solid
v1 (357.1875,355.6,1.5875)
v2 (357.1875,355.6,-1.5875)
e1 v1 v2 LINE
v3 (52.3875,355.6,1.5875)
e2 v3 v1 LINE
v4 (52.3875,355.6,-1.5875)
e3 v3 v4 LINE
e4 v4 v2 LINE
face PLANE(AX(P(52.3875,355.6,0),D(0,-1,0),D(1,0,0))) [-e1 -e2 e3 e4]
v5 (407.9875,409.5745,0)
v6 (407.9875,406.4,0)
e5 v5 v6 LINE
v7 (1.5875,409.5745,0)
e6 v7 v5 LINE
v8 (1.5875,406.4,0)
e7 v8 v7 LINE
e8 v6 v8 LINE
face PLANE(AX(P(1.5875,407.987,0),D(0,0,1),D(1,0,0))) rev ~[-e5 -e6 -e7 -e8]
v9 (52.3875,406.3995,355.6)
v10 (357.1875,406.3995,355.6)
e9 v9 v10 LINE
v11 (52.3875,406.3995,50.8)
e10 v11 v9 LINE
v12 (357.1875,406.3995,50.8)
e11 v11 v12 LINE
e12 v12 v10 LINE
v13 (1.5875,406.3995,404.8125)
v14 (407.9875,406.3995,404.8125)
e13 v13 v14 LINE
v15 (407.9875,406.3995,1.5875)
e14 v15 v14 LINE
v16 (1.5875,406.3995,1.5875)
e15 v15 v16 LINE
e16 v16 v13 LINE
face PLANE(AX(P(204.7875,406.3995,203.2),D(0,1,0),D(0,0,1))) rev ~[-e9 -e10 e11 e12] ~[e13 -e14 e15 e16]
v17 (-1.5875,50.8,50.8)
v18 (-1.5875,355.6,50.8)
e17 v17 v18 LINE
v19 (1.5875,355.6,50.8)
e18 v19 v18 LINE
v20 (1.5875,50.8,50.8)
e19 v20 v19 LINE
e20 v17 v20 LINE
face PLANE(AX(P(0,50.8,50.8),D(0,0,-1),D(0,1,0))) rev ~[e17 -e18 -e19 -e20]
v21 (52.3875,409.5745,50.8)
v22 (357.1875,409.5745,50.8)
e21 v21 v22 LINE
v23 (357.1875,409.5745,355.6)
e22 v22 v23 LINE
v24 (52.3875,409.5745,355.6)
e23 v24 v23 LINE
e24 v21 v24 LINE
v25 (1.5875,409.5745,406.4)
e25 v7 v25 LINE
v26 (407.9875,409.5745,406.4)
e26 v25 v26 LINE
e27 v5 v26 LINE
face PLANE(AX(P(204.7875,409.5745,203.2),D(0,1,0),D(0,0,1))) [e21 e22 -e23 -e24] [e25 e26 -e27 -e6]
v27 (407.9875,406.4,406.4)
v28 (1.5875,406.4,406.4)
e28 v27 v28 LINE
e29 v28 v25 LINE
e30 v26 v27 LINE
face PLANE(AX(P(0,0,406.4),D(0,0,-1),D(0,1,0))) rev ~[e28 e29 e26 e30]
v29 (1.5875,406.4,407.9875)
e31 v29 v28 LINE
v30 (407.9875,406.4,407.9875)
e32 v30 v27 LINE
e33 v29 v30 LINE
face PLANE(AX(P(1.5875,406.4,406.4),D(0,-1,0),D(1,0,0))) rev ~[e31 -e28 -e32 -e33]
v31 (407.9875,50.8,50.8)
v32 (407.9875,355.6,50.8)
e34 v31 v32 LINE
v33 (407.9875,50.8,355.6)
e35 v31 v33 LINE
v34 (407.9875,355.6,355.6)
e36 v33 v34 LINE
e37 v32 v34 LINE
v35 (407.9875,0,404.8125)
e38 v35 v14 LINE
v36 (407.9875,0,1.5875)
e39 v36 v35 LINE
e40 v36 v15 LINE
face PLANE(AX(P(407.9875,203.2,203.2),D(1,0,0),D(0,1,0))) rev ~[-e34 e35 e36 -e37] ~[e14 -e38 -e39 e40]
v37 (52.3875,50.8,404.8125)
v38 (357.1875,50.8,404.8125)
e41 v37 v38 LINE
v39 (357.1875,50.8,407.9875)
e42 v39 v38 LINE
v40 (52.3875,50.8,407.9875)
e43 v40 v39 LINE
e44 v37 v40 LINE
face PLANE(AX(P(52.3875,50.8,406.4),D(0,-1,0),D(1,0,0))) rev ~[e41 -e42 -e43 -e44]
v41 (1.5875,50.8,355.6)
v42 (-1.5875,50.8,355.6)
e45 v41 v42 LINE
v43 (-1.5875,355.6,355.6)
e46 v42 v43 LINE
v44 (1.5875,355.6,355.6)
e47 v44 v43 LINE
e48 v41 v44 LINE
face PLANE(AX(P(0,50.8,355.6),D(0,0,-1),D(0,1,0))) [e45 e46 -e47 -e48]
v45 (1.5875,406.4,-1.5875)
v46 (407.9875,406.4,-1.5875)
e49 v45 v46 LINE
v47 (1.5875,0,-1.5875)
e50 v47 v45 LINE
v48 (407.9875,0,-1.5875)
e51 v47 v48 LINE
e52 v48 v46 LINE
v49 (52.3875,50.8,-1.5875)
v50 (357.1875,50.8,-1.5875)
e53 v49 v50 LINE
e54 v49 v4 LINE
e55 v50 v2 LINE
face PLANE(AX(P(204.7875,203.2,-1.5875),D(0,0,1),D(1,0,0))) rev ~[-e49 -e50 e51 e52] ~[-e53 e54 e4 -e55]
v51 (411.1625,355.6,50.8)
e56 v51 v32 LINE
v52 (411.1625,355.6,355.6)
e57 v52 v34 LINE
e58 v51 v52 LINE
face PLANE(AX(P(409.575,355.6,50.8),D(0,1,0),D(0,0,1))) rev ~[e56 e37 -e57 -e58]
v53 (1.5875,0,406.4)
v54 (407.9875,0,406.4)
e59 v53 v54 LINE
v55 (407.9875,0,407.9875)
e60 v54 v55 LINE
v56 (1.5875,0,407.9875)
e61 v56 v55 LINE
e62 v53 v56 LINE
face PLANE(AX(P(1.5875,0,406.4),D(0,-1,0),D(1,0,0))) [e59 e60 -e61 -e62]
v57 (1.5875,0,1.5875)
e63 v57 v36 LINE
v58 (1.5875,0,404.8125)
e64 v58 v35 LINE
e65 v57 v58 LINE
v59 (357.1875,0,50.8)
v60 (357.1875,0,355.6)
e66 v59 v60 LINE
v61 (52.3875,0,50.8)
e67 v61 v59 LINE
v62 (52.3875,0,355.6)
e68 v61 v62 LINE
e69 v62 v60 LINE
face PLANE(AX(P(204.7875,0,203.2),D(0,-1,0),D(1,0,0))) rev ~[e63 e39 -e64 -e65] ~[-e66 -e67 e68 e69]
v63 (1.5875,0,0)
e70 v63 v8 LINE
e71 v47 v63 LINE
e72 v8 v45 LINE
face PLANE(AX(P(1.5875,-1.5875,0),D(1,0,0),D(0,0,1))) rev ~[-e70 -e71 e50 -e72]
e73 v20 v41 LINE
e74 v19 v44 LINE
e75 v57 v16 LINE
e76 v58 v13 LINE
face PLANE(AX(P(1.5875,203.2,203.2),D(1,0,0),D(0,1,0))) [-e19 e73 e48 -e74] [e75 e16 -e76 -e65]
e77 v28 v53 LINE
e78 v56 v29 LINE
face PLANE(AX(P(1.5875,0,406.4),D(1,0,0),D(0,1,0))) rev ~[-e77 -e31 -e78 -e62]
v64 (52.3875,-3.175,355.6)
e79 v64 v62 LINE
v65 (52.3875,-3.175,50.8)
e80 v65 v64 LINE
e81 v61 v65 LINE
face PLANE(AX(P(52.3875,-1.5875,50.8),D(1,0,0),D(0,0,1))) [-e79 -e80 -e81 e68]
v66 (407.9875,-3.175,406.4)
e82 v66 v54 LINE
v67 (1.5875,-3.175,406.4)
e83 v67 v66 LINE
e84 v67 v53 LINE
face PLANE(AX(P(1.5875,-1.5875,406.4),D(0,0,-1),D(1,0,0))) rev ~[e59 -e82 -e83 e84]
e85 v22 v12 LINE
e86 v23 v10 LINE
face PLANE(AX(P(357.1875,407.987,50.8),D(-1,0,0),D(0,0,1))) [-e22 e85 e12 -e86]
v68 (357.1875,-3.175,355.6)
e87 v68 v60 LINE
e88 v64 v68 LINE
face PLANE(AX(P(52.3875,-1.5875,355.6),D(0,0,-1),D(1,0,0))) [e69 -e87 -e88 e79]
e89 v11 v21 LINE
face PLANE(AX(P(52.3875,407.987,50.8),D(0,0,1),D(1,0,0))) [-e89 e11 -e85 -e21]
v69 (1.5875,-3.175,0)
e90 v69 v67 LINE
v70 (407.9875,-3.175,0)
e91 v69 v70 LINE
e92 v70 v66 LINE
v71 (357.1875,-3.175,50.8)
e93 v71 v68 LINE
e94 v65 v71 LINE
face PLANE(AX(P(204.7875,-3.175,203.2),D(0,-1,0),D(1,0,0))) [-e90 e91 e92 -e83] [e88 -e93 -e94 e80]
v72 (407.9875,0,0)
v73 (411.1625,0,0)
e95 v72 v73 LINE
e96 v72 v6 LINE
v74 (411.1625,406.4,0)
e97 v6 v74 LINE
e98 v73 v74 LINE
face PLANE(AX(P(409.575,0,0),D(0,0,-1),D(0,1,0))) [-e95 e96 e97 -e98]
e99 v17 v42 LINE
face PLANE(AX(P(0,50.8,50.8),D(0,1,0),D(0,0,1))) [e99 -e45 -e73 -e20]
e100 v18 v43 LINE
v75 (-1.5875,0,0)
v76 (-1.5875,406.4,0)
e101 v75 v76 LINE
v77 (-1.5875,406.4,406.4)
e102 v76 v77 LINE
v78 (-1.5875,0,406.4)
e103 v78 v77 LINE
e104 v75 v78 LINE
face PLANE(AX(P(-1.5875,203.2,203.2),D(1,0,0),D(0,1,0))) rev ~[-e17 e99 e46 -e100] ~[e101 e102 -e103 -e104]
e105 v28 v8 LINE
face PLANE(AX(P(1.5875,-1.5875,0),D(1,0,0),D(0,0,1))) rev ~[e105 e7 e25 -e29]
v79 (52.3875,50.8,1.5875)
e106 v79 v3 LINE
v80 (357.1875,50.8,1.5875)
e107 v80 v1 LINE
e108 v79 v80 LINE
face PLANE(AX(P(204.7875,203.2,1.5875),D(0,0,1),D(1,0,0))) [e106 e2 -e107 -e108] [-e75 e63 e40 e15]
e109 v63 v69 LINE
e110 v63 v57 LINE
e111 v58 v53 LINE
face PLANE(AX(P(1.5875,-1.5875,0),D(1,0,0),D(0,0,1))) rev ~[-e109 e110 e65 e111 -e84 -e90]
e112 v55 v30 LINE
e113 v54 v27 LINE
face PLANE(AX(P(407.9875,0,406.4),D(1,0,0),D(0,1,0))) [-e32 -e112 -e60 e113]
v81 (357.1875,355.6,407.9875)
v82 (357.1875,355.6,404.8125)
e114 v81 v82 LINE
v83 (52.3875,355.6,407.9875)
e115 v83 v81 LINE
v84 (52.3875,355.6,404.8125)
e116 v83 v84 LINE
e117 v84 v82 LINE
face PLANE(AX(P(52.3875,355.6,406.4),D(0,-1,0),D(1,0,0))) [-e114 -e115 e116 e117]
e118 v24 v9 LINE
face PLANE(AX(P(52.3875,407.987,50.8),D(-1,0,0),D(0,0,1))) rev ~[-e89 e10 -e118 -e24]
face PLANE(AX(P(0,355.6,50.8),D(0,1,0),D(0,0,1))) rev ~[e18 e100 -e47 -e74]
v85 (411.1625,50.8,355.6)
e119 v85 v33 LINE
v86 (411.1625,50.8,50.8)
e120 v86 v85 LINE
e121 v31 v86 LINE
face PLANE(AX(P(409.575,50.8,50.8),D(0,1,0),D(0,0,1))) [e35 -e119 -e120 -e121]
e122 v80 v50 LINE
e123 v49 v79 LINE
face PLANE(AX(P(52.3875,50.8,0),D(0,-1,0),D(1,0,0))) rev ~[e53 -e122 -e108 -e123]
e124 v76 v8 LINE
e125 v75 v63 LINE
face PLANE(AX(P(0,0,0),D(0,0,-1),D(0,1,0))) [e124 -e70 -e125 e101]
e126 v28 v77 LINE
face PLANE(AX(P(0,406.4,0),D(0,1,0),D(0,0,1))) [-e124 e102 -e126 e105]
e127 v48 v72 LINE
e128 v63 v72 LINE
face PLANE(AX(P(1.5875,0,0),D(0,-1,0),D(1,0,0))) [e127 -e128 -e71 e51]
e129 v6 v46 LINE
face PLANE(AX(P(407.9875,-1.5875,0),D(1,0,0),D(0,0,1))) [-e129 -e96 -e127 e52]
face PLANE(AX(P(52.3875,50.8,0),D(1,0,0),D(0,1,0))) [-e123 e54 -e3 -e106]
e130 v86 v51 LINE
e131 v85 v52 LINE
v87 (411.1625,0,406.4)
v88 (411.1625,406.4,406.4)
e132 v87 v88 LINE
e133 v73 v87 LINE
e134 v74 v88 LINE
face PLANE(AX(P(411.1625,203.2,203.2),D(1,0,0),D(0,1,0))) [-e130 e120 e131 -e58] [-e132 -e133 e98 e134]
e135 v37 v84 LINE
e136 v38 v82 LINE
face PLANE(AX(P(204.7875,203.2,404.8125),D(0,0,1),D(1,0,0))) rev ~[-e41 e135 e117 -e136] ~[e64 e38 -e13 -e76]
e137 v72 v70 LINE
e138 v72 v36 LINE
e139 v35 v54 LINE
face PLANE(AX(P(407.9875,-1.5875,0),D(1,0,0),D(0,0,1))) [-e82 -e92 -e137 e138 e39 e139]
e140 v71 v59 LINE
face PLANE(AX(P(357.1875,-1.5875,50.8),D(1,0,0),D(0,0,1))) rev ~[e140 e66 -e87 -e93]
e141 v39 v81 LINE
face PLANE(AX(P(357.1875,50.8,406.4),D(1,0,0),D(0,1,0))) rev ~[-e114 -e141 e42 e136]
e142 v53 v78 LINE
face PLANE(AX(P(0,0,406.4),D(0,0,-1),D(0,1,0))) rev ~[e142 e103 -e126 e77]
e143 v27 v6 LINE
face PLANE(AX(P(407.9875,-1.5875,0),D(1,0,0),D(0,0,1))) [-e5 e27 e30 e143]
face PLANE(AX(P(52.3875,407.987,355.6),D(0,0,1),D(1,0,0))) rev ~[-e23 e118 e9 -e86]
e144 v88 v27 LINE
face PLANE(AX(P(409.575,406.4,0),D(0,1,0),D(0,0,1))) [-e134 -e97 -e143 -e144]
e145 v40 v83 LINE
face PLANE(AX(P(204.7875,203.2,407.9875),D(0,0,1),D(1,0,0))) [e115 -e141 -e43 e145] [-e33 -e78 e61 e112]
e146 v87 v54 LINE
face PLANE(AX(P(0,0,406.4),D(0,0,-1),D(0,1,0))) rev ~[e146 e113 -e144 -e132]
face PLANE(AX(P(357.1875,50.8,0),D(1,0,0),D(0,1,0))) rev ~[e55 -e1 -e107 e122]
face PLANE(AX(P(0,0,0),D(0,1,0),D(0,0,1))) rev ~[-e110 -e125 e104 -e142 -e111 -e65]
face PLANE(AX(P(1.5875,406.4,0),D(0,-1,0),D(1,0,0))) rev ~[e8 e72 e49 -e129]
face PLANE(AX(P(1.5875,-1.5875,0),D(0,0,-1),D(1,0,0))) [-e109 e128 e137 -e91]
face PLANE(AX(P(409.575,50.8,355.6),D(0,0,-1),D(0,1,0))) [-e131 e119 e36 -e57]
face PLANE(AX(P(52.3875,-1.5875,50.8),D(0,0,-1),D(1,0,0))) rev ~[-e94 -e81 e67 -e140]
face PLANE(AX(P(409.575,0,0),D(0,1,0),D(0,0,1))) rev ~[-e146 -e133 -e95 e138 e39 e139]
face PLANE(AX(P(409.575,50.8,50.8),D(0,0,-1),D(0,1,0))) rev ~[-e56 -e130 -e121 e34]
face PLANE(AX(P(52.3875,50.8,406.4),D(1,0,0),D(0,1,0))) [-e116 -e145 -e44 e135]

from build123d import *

# Parameters (mm, degrees)
SKETCH_W                 = 406.4
SKETCH_H                 = 406.4
SKETCH_W_2               = 304.8
SKETCH_H_2               = 304.8
PAD_DEPTH                = 1.5875
CLONE002_ROLL_ANGLE      = 90
CLONE002_PLACEMENT_ANGLE = 90
CLONE001_PLACEMENT_ANGLE = -90
CLONE003_PITCH_ANGLE     = -90
CLONE003_PLACEMENT_ANGLE = -90


with BuildPart() as left_frame:
    # Sketch → Pad (new body, symmetric)
    with BuildSketch(Plane.YZ):
        with Locations((203.2, 203.2)):
            Rectangle(SKETCH_W, SKETCH_H)
        with Locations((203.2, 203.2)):
            Rectangle(SKETCH_W_2, SKETCH_H_2, mode=Mode.SUBTRACT)
    extrude(amount=PAD_DEPTH, both=True)


with BuildPart() as back_frame:
    # Clone002 base: copy of Left Frame
    add(left_frame.part)


with BuildPart() as back_frame_1:
    # Clone002 roll: moved
    add(back_frame.part.rotate(Axis((0, 0, 0), (1, 0, 0)), CLONE002_ROLL_ANGLE))


with BuildPart() as back_frame_2:
    # Clone002 placement: moved
    add(back_frame_1.part.moved(Location((1.5875, 407.987, 0))).rotate(Axis((1.5875, 407.987, 0), (0, 0, 1)), CLONE002_PLACEMENT_ANGLE))


with BuildPart() as front_frame:
    # Clone001 base: copy of Left Frame
    add(left_frame.part)


with BuildPart() as front_frame_1:
    # Clone001 placement: moved
    add(front_frame.part.moved(Location((1.5875, -1.5875, 0))).rotate(Axis((1.5875, -1.5875, 0), (0, 0, 1)), CLONE001_PLACEMENT_ANGLE))


with BuildPart() as right_frame:
    # Clone base: copy of Left Frame
    add(left_frame.part)


with BuildPart() as right_frame_1:
    # Clone placement: moved
    add(right_frame.part.moved(Location((409.575, 0, 0))))


with BuildPart() as bottom_frame:
    # Clone003 base: copy of Left Frame
    add(left_frame.part)


with BuildPart() as bottom_frame_1:
    # Clone003 pitch: moved
    add(bottom_frame.part.rotate(Axis((0, 0, 0), (0, 1, 0)), CLONE003_PITCH_ANGLE))


with BuildPart() as bottom_frame_2:
    # Clone003 placement: moved
    add(bottom_frame_1.part.moved(Location((1.5875, 0, 0))).rotate(Axis((1.5875, 0, 0), (0, 0, 1)), CLONE003_PLACEMENT_ANGLE))


with BuildPart() as top_frame:
    # Clone004 base: copy of Bottom frame
    add(bottom_frame_2.part)


with BuildPart() as top_frame_1:
    # Clone004 placement: moved
    add(top_frame.part.moved(Location((0, 0, 406.4))))


with BuildPart() as frame:
    # Fusion005 base: copy of Bottom frame
    add(bottom_frame_2.part)

    # Fusion005: union Back Frame, Front Frame, Right Frame, Left Frame, Top Frame
    add(back_frame_2.part)
    add(front_frame_1.part)
    add(right_frame_1.part)
    add(left_frame.part)
    add(top_frame_1.part)


solid = frame.part
